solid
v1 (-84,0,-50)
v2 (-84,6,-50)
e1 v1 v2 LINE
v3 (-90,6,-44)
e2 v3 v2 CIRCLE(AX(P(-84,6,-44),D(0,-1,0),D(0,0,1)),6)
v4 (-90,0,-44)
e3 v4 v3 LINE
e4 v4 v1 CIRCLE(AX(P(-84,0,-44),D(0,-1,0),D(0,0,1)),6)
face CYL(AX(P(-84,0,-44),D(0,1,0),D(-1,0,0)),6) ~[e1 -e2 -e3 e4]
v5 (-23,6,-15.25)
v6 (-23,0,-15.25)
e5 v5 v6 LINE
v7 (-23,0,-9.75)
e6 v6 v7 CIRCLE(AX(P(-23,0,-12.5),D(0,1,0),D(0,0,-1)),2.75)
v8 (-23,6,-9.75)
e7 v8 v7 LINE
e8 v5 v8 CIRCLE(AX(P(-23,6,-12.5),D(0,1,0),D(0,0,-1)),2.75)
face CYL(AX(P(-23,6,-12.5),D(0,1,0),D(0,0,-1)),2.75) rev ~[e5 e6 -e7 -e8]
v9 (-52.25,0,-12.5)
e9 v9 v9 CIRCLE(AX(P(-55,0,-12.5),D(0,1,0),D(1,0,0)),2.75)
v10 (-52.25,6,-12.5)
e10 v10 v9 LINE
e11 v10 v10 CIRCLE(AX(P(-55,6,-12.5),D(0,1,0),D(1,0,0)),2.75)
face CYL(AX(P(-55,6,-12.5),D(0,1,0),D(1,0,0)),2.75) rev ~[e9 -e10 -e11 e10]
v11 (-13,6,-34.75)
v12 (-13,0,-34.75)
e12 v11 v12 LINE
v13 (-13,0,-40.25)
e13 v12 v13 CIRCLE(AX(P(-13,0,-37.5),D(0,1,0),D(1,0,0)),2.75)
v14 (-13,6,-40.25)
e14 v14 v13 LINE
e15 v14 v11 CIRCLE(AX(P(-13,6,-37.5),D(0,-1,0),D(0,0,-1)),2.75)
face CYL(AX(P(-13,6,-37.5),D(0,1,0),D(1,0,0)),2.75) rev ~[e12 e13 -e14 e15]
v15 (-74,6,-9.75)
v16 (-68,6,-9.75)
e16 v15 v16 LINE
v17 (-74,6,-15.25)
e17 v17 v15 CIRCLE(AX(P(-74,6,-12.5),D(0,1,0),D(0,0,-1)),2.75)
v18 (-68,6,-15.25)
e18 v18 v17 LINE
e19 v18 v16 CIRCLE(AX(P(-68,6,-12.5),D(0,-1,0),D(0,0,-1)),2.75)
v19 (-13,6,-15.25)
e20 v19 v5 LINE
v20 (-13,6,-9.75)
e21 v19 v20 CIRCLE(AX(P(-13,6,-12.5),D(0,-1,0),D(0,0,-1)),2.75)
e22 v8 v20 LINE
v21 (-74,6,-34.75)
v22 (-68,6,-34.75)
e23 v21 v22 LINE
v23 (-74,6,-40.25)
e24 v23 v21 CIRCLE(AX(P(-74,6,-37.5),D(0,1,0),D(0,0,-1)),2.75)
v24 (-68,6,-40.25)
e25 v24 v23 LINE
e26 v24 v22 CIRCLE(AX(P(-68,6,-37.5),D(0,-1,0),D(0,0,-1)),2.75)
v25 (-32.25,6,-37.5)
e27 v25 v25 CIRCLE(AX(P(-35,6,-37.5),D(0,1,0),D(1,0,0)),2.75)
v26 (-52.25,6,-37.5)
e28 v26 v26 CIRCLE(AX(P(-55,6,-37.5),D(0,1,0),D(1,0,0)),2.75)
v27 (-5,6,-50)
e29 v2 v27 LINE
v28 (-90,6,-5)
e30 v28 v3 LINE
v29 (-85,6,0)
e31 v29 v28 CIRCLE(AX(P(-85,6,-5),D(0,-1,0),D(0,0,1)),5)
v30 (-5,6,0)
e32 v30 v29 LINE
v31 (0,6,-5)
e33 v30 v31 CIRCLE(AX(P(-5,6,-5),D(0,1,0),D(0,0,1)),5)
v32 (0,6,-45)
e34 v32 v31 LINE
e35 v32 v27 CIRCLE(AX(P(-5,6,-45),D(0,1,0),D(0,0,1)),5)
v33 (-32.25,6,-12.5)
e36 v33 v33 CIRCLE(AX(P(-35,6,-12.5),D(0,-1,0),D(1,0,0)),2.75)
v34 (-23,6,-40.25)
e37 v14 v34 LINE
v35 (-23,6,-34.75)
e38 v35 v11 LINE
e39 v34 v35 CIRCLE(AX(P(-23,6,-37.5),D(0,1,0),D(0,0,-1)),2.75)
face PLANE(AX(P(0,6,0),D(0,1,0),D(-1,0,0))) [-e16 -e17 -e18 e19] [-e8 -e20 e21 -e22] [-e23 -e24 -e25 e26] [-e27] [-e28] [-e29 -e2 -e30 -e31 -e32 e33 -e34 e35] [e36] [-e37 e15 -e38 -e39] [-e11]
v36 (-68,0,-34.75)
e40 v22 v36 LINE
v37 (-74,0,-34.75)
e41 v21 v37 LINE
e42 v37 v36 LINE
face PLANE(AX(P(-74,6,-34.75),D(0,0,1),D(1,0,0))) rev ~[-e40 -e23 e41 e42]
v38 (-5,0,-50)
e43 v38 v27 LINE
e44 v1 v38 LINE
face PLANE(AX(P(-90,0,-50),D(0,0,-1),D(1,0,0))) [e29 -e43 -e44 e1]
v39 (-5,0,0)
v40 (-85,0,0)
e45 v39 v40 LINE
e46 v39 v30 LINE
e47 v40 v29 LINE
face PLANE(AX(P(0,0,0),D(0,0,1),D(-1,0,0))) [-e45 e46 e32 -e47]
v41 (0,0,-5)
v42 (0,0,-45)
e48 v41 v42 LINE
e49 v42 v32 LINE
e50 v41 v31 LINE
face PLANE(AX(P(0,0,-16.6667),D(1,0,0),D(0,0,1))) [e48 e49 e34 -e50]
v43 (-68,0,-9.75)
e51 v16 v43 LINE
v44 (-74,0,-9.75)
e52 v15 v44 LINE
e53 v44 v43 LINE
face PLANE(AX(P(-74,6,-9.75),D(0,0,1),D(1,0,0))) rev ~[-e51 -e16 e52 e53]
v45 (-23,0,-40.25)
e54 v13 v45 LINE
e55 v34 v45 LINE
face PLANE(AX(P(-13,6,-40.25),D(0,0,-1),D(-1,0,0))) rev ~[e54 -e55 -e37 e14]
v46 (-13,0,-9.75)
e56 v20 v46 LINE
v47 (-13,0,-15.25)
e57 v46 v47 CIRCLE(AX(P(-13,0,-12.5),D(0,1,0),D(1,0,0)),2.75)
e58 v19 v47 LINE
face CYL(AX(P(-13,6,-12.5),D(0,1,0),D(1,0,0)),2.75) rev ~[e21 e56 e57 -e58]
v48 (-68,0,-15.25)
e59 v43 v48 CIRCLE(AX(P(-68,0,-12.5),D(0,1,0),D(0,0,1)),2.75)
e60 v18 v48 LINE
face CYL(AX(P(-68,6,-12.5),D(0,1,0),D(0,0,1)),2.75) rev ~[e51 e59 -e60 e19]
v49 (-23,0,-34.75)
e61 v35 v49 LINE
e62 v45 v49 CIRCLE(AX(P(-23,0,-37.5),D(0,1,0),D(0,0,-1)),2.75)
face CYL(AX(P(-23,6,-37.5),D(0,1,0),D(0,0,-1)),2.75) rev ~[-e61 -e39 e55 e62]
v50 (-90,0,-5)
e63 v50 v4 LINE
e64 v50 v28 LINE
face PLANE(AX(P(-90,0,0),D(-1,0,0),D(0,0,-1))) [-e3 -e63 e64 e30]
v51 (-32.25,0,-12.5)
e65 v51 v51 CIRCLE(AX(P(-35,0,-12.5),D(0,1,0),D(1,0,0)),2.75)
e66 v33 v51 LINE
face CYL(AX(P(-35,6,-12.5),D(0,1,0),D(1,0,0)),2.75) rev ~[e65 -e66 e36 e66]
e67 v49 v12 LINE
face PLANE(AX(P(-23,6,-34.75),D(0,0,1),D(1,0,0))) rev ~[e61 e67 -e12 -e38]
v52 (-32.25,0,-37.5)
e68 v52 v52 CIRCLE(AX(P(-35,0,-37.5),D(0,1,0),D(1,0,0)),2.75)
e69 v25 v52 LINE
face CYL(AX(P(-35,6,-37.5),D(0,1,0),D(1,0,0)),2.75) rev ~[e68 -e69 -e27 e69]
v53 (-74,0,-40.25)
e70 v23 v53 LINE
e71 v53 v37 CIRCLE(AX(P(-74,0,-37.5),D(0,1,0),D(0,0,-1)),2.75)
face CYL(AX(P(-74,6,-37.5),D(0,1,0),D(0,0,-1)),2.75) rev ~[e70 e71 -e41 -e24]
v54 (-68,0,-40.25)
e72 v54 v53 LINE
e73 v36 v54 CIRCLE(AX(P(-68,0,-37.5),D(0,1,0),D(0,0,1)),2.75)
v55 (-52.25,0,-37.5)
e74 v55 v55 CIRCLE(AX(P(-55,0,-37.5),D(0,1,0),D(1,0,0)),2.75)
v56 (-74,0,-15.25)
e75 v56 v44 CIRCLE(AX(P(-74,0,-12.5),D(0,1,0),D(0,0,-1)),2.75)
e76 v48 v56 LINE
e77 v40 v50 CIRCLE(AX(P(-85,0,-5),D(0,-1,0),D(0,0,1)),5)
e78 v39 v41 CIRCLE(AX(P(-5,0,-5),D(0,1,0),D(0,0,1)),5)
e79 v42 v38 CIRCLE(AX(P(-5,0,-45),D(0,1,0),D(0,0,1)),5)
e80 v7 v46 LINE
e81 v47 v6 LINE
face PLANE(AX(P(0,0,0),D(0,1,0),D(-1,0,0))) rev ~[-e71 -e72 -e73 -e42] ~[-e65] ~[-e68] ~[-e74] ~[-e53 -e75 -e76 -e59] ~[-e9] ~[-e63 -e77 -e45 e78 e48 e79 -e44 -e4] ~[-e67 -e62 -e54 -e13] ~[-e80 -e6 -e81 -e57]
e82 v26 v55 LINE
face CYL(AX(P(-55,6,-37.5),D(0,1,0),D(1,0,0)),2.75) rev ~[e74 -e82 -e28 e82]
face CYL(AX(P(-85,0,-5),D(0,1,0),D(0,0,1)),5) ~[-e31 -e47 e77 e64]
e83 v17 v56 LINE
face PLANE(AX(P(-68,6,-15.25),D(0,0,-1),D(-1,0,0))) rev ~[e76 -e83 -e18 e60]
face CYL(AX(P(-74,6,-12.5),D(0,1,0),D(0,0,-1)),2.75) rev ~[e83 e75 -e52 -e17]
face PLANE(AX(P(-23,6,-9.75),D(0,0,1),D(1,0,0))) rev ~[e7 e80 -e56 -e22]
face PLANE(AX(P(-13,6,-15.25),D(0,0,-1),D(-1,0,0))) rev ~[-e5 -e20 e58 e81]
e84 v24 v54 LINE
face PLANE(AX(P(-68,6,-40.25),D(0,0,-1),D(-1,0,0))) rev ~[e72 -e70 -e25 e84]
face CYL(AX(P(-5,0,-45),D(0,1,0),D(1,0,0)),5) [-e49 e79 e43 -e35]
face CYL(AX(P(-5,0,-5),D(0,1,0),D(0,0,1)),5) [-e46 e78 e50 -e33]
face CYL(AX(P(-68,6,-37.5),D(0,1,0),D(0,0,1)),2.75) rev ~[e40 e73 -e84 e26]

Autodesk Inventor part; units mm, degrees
ref_plane "YZ Plane" through (0, 0, 0) normal (1, 0, 0) x (0, 1, 0)
ref_plane "XZ Plane" through (0, 0, 0) normal (0, 1, 0) x (-1, 0, 0)
ref_plane "XY Plane" through (0, 0, 0) normal (0, 0, 1) x (1, 0, 0)
sketch "Sketch1" plane through (0, 0, 0) normal (0, 1, 0) x (-1, 0, 0)
  line L0 (0, 0) -> (90, 0)
  line L1 (90, 0) -> (90, -50)
  line L2 (90, -50) -> (0, -50)
  line L3 (0, -50) -> (0, 0)
  line L4 (0, 0) -> (0, -16.6667)
  line L5 (0, -16.6667) -> (6, -16.6667)
  dimension "d0" = 90
  dimension "d1" = 50
  dimension "d2" = 16.6667
  dimension "d3" = 6
extrude "Extrusion1" add sketch "Sketch1" along normal blind 6
sketch "Sketch3" plane through (0, 6, 0) normal (0, 1, 0) x (1, 0, 0)
  circle A0 centre (-13, 12.5) radius 2.75
  line L0 (0, 0) -> (0, 50) projected
  line L1 (-90, 0) -> (0, 0) projected
  circle A1 centre (-13, 37.5) radius 2.75
  line L2 (-13, 12.5) -> (-18, 12.5)
  line L3 (-23, 12.5) -> (-13, 12.5) construction
  line L4 (-23, 9.75) -> (-13, 9.75)
  line L5 (-13, 15.25) -> (-23, 15.25)
  arc A2 (-23, 15.25) -> (-23, 9.75) centre (-23, 12.5) ccw
  arc A3 (-13, 9.75) -> (-13, 15.25) centre (-13, 12.5) ccw
  line L6 (-13, 37.5) -> (-18, 37.5)
  line L7 (-13, 37.5) -> (-8, 37.5) construction
  line L8 (-23, 37.5) -> (-13, 37.5) construction
  line L9 (-23, 34.75) -> (-13, 34.75)
  line L10 (-13, 40.25) -> (-23, 40.25)
  arc A4 (-23, 40.25) -> (-23, 34.75) centre (-23, 37.5) ccw
  arc A5 (-13, 34.75) -> (-13, 40.25) centre (-13, 37.5) ccw
  dimension "d21" = 5.5
  dimension "d22" = 13
  dimension "d23" = 12.5
  dimension "d26" = 25
  dimension "d87" = 5
  dimension "d88" = 5
  dimension "d89" = 180
extrude "Extrusion3" cut sketch "Sketch3" against normal through all
sketch "Sketch4" plane through (0, 6, 0) normal (0, 1, 0) x (1, 0, 0)
  arc A0 (-13, 9.75) -> (-13, 15.25) centre (-13, 12.5) ccw projected
  line L0 (-13, 12.5) -> (-68, 12.5)
  line L1 (-68, 12.5) -> (-74, 12.5) construction
  line L2 (-68, 15.25) -> (-74, 15.25)
  line L3 (-74, 9.75) -> (-68, 9.75)
  arc A1 (-68, 9.75) -> (-68, 15.25) centre (-68, 12.5) ccw
  arc A2 (-74, 15.25) -> (-74, 9.75) centre (-74, 12.5) ccw
  point P0 (0, 0)
  point P1 (-71, 12.5)
  dimension "d33" = 55
  dimension "d34" = 6
  dimension "d35" = 5.5
extrude "Extrusion4" cut sketch "Sketch4" against normal through all
pattern_linear "Rectangular Pattern2" count 2 spacing 25 along (0, 0, -1) of "Extrusion4"
fillet "Fillet2" radius 5 3 edges at (-90, 3, 0) (0, 3, 0) (0, 3, -50)
sketch "Sketch7" plane through (0, 6, 0) normal (0, 1, 0) x (1, 0, 0)
  arc A0 (-13, 9.75) -> (-13, 15.25) centre (-13, 12.5) ccw projected
  line L0 (-13, 12.5) -> (-35, 12.5)
  line L1 (-35, 12.5) -> (-55, 12.5)
  circle A1 centre (-55, 12.5) radius 2.75
  circle A2 centre (-35, 12.5) radius 2.75
  line L2 (0, 5) -> (0, 45) projected
  line L3 (0, 0) -> (0, 45)
  circle A3 centre (-35, 37.5) radius 2.75
  circle A4 centre (-55, 37.5) radius 2.75
  dimension "d55" = 22
  dimension "d56" = 20
  dimension "d57" = 5.5
  dimension "d58" = 5.5
  dimension "d61" = 25
extrude "Extrusion7" cut sketch "Sketch7" against normal through all
sketch "Sketch9" plane through (0, 6, 0) normal (0, 1, 0) x (1, 0, 0)
  point P0 (0, 0)
fillet "Fillet3" radius 6 1 edges at (-90, 3, -50)
properties part number "X_Carriage_Plate"
